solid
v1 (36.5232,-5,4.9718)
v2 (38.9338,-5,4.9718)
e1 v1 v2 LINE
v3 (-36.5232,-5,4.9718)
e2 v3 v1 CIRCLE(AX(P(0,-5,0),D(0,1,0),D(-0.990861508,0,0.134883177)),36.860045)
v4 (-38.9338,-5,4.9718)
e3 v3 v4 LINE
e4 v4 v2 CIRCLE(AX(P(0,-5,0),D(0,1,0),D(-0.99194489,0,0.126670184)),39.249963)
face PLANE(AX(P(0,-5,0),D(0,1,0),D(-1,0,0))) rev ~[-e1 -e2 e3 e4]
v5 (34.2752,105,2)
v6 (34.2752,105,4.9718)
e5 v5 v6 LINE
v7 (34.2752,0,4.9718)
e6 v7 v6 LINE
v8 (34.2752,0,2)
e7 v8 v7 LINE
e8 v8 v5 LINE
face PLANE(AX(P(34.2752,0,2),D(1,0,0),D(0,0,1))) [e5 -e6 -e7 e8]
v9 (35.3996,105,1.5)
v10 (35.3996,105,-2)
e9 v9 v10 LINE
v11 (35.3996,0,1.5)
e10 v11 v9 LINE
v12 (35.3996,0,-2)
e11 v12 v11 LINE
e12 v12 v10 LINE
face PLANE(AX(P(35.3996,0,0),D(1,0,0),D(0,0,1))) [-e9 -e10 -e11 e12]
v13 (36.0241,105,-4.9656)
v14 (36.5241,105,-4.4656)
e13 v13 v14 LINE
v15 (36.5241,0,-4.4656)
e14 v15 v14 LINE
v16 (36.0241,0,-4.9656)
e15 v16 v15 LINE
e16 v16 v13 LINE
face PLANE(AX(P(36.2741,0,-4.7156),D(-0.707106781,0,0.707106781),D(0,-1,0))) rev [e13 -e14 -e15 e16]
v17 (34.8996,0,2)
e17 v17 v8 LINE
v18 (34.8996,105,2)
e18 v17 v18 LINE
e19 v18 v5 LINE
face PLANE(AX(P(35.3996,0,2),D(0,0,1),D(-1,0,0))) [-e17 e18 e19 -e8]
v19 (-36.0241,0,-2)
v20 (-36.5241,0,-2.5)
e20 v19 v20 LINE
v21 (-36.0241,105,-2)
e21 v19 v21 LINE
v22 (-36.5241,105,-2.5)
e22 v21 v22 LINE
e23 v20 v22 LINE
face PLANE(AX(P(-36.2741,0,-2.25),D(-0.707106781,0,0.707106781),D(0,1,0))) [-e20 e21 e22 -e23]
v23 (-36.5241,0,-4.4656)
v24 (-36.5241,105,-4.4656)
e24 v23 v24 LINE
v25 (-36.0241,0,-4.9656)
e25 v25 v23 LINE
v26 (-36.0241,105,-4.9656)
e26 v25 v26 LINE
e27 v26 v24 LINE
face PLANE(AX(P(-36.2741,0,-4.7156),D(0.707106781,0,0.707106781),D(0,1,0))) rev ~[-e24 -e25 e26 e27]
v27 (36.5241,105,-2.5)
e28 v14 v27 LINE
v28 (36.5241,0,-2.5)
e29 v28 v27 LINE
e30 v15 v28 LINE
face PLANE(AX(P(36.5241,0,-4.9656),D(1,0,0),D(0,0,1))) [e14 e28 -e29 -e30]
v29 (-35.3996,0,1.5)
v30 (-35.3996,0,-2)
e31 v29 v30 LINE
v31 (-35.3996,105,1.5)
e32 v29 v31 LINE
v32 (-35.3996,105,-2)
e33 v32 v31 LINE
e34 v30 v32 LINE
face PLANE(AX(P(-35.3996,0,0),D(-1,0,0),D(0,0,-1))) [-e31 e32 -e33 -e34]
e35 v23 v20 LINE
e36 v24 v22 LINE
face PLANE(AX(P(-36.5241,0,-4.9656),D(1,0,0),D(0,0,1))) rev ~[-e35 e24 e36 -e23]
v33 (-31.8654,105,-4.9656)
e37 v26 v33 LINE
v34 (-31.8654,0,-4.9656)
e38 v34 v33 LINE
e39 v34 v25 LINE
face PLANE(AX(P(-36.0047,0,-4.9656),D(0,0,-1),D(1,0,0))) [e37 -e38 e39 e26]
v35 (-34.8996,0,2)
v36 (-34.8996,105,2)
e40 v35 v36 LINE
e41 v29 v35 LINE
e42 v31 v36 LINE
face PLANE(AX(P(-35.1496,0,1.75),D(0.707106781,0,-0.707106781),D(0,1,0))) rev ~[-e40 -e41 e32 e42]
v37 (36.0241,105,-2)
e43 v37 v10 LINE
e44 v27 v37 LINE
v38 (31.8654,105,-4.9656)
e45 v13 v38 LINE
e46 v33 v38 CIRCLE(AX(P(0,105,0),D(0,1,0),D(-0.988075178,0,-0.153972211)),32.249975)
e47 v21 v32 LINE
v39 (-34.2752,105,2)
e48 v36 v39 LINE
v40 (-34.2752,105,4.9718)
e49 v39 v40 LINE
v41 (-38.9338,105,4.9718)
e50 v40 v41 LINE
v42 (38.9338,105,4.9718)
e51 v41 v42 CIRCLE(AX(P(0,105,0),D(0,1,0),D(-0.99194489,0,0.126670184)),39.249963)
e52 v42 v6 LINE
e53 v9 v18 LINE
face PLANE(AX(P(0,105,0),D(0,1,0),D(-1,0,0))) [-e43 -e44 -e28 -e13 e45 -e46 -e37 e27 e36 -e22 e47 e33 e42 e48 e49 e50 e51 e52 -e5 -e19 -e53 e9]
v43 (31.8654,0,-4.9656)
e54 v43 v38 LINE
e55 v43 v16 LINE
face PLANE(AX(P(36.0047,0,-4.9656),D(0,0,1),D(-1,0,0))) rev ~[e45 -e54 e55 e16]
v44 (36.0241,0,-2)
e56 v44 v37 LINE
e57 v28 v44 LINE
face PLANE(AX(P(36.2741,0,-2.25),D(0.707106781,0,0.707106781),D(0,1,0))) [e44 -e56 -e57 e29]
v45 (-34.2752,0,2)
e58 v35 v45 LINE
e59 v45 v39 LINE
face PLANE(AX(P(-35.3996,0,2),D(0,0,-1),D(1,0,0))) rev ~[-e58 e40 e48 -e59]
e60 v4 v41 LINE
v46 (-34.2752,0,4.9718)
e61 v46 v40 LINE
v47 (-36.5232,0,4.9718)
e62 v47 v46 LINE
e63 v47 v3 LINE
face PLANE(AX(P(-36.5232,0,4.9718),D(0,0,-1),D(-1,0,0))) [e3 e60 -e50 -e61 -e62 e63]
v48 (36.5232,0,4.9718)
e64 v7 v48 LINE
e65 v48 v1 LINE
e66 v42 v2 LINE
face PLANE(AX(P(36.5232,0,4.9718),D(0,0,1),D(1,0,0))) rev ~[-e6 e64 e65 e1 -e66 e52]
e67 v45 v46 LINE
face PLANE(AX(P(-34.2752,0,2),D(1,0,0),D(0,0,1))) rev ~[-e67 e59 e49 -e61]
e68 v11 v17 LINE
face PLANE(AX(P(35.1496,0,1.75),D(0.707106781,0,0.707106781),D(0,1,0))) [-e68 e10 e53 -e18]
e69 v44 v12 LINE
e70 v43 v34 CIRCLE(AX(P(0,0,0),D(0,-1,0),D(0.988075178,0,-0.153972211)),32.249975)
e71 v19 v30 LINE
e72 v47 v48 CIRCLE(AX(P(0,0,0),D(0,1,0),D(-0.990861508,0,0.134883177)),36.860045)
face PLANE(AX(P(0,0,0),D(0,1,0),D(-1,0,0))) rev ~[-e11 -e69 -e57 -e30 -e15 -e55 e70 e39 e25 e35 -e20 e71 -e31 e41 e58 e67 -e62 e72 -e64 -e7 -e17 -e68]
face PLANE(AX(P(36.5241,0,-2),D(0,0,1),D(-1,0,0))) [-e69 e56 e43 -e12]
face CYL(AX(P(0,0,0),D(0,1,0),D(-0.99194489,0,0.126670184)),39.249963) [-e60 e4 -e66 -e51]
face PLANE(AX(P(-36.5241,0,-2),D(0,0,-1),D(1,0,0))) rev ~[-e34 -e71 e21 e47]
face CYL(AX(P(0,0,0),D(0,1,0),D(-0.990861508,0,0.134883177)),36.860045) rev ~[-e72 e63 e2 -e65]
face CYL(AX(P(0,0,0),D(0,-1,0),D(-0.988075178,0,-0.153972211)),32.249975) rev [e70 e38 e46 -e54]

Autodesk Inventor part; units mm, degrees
ref_plane "YZ Plane" through (0, 0, 0) normal (1, 0, 0) x (0, 1, 0)
ref_plane "XZ Plane" through (0, 0, 0) normal (0, 1, 0) x (-1, 0, 0)
ref_plane "XY Plane" through (0, 0, 0) normal (0, 0, 1) x (1, 0, 0)
sketch "Sketch1" plane through (0, 0, 0) normal (0, 1, 0) x (-1, 0, 0)
  arc A0 (31.8654, -4.9656) -> (-31.8654, -4.9656) centre (0, 0) ccw
  arc A1 (38.9338, 4.9718) -> (-38.9338, 4.9718) centre (0, 0) ccw
  line L0 (39.25, 0) -> (-39.25, 0)
  line L1 (35.3996, 0) -> (35.3996, 2)
  line L2 (35.3996, 2) -> (35.3996, -2)
  line L3 (36.0047, -4.9656) -> (31.8654, -4.9656)
  line L4 (34.7945, 4.9718) -> (38.9338, 4.9718)
  line L5 (35.3996, 2) -> (34.2752, 2)
  line L6 (34.2752, 2) -> (34.2752, 4.9718)
  line L7 (34.2752, 4.9718) -> (34.7945, 4.9718)
  line L8 (36.0047, -4.9656) -> (36.5241, -4.9656)
  line L9 (36.5241, -4.9656) -> (36.5241, -2)
  line L10 (36.5241, -2) -> (35.3996, -2)
  line L11 (0, 0) -> (0, -17)
  line L12 (-35.3996, 0) -> (-35.3996, 2)
  line L13 (-35.3996, 2) -> (-35.3996, -2)
  line L14 (-36.0047, -4.9656) -> (-31.8654, -4.9656)
  line L15 (-34.7945, 4.9718) -> (-38.9338, 4.9718)
  line L16 (-35.3996, 2) -> (-34.2752, 2)
  line L17 (-34.2752, 2) -> (-34.2752, 4.9718)
  line L18 (-34.2752, 4.9718) -> (-34.7945, 4.9718)
  line L19 (-36.0047, -4.9656) -> (-36.5241, -4.9656)
  line L20 (-36.5241, -4.9656) -> (-36.5241, -2)
  line L21 (-36.5241, -2) -> (-35.3996, -2)
  arc A2 (36.524, -4.9656) -> (36.5241, -4.9651) centre (0, 0) ccw
  arc A3 (36.5232, 4.9718) -> (-36.5232, 4.9718) centre (0, 0) ccw
  arc A4 (-36.5241, -4.9651) -> (-36.524, -4.9656) centre (0, 0) ccw
  dimension "d0" = 64.5
  dimension "d1" = 7
extrude "Extrusion1" add sketch "Sketch1" along normal blind 105 contours A0 L0 L2 L10 L9 L8 L3 | A0 L0 L12 L16 L17 L18 L15 A2 L4 L7 L6 L5 L1 | A0 L14 L19 L20 L21 L13 L0 | A2 L15 A1 L4
chamfer "Chamfer1" distance 0.5 angle 45 6 edges at (36.5241, 52.5, -2) (35.3996, 52.5, 2) (36.5241, 52.5, -4.9656) (-35.3996, 52.5, 2) (-36.5241, 52.5, -2) (-36.5241, 52.5, -4.9656)
extrude "Extrusion2" add sketch "Sketch1" against normal blind 5 contours A2 L15 A1 L4
properties part number "cyl inner"
